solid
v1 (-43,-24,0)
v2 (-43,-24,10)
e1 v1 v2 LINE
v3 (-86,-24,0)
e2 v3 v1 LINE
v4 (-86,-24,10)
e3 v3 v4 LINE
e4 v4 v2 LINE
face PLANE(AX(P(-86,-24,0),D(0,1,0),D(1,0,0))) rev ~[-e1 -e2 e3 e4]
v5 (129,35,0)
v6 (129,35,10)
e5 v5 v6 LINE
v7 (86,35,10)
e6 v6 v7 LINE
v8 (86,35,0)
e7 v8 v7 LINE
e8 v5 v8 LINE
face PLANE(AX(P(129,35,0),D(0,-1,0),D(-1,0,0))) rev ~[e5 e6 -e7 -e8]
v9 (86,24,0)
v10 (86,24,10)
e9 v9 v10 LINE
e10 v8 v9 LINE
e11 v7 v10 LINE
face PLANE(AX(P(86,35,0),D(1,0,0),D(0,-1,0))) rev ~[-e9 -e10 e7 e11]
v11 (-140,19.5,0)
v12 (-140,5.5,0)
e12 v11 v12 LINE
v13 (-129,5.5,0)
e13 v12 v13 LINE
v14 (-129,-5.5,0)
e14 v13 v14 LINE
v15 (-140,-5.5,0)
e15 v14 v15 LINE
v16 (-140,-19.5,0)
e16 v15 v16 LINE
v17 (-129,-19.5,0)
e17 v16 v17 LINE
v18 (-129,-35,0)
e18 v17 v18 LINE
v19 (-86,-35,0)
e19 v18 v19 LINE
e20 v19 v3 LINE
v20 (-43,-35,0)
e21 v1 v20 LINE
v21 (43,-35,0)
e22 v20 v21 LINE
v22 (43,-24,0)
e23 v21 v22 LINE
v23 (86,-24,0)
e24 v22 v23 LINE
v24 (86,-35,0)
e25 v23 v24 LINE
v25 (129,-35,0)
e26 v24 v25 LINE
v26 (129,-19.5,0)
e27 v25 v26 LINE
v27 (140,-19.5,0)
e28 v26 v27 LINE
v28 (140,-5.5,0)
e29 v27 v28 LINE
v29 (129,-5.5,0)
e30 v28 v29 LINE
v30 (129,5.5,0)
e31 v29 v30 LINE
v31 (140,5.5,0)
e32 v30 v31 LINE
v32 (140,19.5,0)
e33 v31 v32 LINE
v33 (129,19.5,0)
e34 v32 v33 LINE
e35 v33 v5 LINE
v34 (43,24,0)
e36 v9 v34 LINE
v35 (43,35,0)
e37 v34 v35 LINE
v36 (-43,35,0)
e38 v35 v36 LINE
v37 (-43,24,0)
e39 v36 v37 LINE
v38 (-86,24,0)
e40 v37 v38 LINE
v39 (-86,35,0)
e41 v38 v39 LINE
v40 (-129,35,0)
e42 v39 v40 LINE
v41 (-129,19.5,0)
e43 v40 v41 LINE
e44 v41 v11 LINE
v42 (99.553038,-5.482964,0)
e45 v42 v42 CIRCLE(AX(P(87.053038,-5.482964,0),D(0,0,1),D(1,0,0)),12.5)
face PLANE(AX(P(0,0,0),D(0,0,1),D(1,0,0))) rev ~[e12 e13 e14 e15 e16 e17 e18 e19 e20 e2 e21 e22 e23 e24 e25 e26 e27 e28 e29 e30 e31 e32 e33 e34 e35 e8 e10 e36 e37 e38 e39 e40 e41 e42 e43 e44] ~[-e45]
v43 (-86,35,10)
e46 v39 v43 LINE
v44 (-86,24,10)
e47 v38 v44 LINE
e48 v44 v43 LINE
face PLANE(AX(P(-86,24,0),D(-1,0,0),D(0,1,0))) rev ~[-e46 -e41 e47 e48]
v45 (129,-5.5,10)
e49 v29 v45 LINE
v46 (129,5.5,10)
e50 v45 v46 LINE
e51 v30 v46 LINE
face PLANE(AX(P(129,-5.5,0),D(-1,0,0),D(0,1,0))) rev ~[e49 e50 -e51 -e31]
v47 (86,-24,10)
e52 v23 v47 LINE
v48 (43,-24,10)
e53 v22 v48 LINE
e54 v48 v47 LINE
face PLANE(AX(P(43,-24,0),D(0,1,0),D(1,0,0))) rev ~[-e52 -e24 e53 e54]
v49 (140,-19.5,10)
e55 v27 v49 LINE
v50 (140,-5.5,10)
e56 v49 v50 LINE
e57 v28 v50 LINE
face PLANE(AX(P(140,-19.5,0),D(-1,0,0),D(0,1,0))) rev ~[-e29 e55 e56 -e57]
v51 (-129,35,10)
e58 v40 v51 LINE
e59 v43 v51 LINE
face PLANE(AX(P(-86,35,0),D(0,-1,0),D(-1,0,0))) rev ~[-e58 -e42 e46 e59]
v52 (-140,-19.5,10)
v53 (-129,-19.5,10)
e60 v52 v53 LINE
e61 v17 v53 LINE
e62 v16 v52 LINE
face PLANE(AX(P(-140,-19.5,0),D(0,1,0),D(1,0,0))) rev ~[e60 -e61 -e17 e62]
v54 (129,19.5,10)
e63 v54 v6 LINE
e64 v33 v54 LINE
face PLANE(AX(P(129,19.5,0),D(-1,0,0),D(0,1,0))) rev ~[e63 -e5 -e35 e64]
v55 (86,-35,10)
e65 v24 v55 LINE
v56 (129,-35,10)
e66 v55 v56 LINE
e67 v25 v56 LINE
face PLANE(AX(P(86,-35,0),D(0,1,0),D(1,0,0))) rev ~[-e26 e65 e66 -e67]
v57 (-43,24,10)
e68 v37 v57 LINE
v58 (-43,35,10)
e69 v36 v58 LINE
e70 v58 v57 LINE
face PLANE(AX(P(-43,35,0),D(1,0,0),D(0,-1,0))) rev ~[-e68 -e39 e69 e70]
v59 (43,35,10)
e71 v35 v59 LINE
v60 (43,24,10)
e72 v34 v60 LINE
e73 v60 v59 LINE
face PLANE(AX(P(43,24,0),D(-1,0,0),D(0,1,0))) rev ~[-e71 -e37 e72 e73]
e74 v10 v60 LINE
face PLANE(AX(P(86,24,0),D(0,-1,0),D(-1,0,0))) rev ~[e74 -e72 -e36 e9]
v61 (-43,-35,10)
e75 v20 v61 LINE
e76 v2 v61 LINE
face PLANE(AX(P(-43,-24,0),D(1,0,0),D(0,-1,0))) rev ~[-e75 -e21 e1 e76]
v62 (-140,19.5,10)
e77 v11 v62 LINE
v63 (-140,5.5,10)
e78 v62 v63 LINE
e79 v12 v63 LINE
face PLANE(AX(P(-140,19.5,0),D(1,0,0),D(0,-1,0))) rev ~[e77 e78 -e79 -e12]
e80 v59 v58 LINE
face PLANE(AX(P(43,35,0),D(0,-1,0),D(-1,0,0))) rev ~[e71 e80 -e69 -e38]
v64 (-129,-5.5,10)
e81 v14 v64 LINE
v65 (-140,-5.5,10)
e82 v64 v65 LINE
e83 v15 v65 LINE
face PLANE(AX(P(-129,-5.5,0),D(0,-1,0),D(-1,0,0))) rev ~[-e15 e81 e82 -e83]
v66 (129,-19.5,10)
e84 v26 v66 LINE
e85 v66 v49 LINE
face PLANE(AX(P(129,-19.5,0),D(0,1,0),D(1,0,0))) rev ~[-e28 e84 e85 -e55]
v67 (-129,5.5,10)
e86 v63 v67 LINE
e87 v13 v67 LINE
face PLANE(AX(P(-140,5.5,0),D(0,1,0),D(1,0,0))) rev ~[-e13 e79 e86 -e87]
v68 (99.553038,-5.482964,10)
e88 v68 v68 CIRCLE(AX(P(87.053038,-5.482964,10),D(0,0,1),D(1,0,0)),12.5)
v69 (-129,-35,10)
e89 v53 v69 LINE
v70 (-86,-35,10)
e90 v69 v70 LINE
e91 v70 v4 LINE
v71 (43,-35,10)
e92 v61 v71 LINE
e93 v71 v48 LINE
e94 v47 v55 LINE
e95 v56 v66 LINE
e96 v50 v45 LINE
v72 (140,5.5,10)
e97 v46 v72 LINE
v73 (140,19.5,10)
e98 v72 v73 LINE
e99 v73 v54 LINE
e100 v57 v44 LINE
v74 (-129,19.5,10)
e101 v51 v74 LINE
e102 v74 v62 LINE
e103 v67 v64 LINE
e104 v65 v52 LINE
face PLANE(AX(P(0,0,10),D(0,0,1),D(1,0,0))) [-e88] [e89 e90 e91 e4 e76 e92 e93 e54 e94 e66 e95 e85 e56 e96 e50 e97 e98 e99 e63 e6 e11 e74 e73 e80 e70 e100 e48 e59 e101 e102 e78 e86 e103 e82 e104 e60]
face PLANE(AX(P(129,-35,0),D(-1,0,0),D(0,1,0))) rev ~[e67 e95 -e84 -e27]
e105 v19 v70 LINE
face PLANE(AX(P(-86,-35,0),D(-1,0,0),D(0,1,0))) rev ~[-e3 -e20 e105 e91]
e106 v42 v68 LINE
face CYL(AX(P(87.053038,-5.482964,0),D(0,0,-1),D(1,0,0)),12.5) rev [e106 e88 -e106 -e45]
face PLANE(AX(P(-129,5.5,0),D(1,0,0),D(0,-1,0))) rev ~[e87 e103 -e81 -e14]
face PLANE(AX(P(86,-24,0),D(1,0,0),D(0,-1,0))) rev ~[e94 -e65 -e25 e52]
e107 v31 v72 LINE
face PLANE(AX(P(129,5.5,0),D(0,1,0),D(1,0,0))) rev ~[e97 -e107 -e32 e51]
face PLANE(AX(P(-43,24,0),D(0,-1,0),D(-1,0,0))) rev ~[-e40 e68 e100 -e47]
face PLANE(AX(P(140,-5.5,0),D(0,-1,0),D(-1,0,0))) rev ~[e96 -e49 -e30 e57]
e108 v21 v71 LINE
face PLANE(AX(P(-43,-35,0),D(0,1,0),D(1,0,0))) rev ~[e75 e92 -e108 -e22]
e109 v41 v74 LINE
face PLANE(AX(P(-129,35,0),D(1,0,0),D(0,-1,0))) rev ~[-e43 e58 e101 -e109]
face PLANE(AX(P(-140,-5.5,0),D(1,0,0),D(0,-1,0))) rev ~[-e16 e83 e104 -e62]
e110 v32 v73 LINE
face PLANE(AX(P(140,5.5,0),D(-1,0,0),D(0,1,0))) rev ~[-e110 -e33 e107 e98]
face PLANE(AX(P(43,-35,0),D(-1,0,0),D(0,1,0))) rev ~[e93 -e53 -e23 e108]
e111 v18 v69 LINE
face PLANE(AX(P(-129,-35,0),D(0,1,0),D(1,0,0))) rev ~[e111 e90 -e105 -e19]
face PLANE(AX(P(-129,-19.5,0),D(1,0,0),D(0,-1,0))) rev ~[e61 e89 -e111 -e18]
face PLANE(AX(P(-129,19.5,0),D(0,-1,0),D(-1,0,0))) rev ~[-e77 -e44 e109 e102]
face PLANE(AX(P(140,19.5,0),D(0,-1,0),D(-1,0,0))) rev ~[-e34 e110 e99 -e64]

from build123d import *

# Parameters (mm, degrees)
F0_R     = 12.5
F1_DEPTH = 10


with BuildPart() as f1:
    # F0 (on Top) → F1 (new body)
    with BuildSketch(Plane.XY):
        Polygon((129, 19.5), (129, 35), (86, 35), (86, 24), (43, 24), (43, 35), (-43, 35), (-43, 24), (-86, 24), (-86, 35), (-129, 35), (-129, 19.5), (-140, 19.5), (-140, 5.5), (-129, 5.5), (-129, -5.5), (-140, -5.5), (-140, -19.5), (-129, -19.5), (-129, -35), (-86, -35), (-86, -24), (-43, -24), (-43, -35), (43, -35), (43, -24), (86, -24), (86, -35), (129, -35), (129, -19.5), (140, -19.5), (140, -5.5), (129, -5.5), (129, 5.5), (140, 5.5), (140, 19.5), align=None)
        with Locations((87.053038, -5.482964)):
            Circle(F0_R, mode=Mode.SUBTRACT)
    extrude(amount=F1_DEPTH)


solid = f1.part
